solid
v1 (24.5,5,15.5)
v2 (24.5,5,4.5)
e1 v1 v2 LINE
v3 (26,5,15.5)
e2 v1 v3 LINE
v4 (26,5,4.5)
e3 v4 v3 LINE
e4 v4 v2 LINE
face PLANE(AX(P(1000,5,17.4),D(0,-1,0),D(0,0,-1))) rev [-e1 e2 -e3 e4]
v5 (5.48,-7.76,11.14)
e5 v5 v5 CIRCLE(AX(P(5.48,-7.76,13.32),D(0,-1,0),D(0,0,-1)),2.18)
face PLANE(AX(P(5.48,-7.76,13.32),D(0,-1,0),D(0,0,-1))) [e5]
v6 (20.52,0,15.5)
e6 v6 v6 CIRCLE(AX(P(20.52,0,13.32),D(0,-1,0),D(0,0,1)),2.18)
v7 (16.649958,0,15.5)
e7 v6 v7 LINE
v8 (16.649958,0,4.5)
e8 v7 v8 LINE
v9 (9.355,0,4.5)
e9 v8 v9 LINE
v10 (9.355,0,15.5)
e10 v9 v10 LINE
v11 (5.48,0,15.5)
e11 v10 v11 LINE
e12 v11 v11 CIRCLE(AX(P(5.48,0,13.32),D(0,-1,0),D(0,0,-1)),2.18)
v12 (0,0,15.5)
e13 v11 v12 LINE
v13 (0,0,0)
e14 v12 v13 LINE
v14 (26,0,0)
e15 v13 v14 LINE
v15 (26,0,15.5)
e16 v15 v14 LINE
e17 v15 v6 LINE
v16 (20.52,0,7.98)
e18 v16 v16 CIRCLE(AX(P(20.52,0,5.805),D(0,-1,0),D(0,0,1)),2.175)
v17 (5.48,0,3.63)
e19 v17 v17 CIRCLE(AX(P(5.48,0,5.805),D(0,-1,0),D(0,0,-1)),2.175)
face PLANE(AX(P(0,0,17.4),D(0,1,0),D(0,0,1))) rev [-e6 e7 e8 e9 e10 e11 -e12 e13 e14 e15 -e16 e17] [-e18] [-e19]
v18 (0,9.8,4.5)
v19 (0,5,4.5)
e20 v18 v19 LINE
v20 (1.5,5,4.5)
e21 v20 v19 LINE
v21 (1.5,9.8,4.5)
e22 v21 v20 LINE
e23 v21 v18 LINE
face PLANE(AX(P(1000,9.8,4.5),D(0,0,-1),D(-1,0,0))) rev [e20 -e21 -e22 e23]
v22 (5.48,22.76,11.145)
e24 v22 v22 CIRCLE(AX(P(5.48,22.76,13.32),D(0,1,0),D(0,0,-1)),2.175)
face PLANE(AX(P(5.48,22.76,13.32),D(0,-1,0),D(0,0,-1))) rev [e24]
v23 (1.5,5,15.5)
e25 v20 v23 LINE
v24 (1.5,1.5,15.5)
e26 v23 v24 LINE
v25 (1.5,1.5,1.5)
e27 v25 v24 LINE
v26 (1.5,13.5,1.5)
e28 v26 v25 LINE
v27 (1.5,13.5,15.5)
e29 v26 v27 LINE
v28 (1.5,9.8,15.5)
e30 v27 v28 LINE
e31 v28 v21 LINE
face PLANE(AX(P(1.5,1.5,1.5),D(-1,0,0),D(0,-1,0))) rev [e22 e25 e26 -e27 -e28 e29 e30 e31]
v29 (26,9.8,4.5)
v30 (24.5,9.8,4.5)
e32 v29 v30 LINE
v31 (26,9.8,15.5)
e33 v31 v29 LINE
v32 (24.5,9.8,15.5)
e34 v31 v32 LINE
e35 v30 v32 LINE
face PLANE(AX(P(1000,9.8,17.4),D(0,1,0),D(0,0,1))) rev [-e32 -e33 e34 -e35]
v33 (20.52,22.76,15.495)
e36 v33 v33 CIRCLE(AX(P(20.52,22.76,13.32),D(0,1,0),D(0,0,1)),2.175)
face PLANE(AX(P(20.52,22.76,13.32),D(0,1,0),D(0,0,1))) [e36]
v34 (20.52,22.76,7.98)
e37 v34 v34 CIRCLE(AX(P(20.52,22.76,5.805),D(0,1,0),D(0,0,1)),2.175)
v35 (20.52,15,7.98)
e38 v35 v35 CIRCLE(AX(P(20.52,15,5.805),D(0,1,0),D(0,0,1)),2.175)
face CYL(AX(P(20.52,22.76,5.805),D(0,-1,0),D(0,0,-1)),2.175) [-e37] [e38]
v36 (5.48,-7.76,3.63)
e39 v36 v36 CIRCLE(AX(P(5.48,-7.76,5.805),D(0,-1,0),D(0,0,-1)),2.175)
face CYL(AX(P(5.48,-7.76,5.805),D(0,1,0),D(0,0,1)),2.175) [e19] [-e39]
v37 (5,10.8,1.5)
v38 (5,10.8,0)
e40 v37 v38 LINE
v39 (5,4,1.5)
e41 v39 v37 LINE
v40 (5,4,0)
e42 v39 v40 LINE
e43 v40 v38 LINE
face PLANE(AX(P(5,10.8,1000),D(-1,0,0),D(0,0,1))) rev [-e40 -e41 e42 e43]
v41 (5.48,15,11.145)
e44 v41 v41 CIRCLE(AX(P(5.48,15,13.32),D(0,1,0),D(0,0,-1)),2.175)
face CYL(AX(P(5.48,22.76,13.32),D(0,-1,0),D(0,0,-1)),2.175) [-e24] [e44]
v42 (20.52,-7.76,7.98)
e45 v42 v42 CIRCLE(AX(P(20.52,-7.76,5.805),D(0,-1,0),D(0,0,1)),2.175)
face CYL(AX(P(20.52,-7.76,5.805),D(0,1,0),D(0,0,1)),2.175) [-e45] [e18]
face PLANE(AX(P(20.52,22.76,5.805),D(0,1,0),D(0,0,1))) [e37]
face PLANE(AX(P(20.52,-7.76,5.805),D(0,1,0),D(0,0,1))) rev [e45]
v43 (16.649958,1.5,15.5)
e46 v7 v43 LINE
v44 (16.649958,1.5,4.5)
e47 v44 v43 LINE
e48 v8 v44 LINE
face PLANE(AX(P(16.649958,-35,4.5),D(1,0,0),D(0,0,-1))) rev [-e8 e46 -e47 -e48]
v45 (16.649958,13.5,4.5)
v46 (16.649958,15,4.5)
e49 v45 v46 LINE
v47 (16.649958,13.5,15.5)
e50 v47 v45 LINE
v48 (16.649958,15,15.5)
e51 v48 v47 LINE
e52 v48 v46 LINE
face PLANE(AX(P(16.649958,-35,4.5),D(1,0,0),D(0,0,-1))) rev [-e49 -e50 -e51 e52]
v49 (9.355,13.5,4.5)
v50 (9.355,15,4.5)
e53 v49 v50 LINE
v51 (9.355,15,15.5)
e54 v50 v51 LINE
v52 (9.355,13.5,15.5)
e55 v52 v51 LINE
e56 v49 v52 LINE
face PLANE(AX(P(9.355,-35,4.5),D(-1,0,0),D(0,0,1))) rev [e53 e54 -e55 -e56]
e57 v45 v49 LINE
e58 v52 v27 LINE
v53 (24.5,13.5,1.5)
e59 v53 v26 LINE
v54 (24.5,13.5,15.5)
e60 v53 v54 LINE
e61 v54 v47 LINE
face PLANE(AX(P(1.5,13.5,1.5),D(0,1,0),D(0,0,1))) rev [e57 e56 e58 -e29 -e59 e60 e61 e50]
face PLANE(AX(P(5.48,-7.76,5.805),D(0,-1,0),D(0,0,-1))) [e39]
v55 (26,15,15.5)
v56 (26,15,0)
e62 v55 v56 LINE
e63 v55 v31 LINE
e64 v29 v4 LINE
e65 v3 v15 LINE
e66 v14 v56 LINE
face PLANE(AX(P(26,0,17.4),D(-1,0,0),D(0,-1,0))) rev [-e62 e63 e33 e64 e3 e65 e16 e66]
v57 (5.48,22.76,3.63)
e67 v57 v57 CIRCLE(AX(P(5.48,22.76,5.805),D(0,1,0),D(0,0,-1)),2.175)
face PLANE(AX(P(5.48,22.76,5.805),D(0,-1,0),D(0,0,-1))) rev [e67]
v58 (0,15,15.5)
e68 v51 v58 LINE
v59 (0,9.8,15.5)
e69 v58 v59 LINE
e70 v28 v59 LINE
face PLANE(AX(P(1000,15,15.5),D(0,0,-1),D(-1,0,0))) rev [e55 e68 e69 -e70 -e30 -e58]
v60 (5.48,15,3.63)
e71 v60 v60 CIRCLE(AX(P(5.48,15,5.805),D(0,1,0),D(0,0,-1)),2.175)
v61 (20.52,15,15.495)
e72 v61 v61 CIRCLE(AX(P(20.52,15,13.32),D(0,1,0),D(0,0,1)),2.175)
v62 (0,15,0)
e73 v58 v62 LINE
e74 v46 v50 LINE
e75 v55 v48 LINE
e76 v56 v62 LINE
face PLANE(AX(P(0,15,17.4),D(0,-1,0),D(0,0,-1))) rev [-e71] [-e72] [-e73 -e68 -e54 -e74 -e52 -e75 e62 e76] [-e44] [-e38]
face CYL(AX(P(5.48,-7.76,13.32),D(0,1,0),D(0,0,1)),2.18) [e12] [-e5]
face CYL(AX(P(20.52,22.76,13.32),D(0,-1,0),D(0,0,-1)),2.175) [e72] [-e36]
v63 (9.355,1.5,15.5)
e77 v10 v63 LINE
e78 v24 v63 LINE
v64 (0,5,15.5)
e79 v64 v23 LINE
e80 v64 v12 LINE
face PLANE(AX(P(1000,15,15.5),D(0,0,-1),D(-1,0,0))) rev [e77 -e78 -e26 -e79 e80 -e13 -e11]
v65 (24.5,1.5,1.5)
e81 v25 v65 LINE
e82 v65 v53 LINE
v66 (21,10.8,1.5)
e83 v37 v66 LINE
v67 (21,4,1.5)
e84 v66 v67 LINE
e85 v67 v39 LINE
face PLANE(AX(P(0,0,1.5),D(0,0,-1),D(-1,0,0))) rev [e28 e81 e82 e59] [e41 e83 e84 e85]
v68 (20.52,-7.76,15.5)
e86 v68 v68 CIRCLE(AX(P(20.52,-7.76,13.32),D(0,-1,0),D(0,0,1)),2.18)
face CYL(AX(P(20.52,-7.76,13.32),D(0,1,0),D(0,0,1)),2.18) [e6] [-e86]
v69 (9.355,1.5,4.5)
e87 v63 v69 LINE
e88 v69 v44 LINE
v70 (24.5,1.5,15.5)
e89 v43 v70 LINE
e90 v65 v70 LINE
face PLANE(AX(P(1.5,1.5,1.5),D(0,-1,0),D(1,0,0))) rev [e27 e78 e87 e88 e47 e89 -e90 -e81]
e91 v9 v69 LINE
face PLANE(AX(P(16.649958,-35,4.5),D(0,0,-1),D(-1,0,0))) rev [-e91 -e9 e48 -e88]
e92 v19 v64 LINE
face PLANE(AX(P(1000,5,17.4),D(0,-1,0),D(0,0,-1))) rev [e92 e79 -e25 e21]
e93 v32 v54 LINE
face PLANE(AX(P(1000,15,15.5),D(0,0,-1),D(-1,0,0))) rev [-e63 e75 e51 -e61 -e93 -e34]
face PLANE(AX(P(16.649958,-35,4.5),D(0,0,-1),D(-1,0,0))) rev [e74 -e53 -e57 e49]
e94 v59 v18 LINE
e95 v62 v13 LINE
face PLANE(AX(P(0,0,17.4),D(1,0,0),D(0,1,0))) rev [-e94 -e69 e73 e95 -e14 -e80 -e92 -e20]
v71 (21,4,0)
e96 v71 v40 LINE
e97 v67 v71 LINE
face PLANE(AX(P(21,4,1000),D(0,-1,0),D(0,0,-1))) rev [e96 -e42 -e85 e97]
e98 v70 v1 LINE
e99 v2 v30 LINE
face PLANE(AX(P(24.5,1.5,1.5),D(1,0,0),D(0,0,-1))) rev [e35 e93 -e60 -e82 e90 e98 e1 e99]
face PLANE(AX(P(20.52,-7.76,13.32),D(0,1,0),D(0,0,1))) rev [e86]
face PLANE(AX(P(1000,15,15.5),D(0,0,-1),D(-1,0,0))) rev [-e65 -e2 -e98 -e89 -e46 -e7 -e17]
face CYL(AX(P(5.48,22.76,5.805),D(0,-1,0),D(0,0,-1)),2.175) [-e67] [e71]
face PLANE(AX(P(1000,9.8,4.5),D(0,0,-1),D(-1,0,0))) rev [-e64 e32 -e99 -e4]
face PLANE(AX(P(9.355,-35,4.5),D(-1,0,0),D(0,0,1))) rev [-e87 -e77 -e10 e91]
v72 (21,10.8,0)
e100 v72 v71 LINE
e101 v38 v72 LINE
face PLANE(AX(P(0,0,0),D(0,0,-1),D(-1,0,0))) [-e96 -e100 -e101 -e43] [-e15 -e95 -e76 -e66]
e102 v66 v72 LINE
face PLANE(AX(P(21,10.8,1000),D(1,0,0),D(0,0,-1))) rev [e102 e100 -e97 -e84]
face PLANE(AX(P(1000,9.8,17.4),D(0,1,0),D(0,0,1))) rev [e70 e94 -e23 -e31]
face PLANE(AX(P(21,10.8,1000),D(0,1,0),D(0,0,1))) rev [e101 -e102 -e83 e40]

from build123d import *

# Parameters (mm, degrees)
SKETCH1_W           = 26
SKETCH1_H           = 15
BOSS_EXTRUDE1_DEPTH = 17.4
SKETCH3_W           = 23
SKETCH3_H           = 12
CUT_EXTRUDE1_DEPTH  = 15.9
SKETCH5_W           = 12
SKETCH5_H           = 12.9
CUT_EXTRUDE2_DEPTH  = 15.9
SKETCH8_W           = 12.9
SKETCH8_H           = 4.8
CUT_EXTRUDE4_DEPTH  = 1000
SKETCH9_W           = 16
SKETCH9_H           = 6.8
CUT_EXTRUDE5_DEPTH  = 1000
SKETCH10_W          = 1.9
SKETCH10_H          = 15
CUT_EXTRUDE6_DEPTH  = 1000
SKETCH11_R          = 2.175
BOSS_EXTRUDE2_DEPTH = 7.76
BOSS_EXTRUDE3_START = 7.76
SKETCH12_R          = 2.175
SKETCH12_R_2        = 2.18
BOSS_EXTRUDE3_DEPTH = 7.76
SKETCH13_W          = 12
SKETCH13_H          = 11
BOSS_EXTRUDE5_DEPTH = 1.5
SKETCH14_W          = 12
SKETCH14_H          = 11
BOSS_EXTRUDE6_DEPTH = 1.5
SKETCH17_W          = 7.294957973
SKETCH17_H          = 11
CUT_EXTRUDE7_DEPTH  = 50


with BuildPart() as part:
    # Sketch1 → Boss-Extrude1 (new body)
    with BuildSketch(Plane.XY):
        with Locations((13, 7.5)):
            Rectangle(SKETCH1_W, SKETCH1_H)
    extrude(amount=BOSS_EXTRUDE1_DEPTH)

    # Sketch3 → Cut-Extrude1 (cut)
    with BuildSketch(Plane.XY.offset(17.4)):
        with Locations((13, 7.5)):
            Rectangle(SKETCH3_W, SKETCH3_H)
    extrude(amount=-CUT_EXTRUDE1_DEPTH, mode=Mode.SUBTRACT)

    # Sketch5 → Cut-Extrude2 (cut)
    with BuildSketch(Plane.XZ):
        with Locations((13, 10.95)):
            Rectangle(SKETCH5_W, SKETCH5_H)
    extrude(amount=-CUT_EXTRUDE2_DEPTH, mode=Mode.SUBTRACT)

    # Sketch8 → Cut-Extrude4 (cut)
    with BuildSketch(Plane.ZY):
        with Locations((10.95, 7.4)):
            Rectangle(SKETCH8_W, SKETCH8_H)
    extrude(amount=-CUT_EXTRUDE4_DEPTH, mode=Mode.SUBTRACT)

    # Sketch9 → Cut-Extrude5 (cut)
    with BuildSketch(Plane(origin=(0, 0, 0), x_dir=(-1, 0, 0), z_dir=(0, 0, -1))):
        with Locations((-13, 7.4)):
            Rectangle(SKETCH9_W, SKETCH9_H)
    extrude(amount=-CUT_EXTRUDE5_DEPTH, mode=Mode.SUBTRACT)

    # Sketch10 → Cut-Extrude6 (cut)
    with BuildSketch(Plane.ZY):
        with Locations((16.45, 7.5)):
            Rectangle(SKETCH10_W, SKETCH10_H)
    extrude(amount=-CUT_EXTRUDE6_DEPTH, mode=Mode.SUBTRACT)

    # Sketch11 → Boss-Extrude2 (add)
    with BuildSketch(Plane(origin=(0, 15, 0), x_dir=(1, 0, 0), z_dir=(0, 1, 0))):
        with Locations(Location((20.52, -5.805, 0), (0, 0, 143.130102354))):
            Circle(SKETCH11_R)
        with Locations(Location((20.52, -13.32, 0), (0, 0, 134.33485804))):
            Circle(SKETCH11_R)
        with Locations(Location((5.48, -5.805, 0), (0, 0, 90))):
            Circle(SKETCH11_R)
        with Locations(Location((5.48, -13.32, 0), (0, 0, 90))):
            Circle(SKETCH11_R)
    extrude(amount=BOSS_EXTRUDE2_DEPTH)

    # Sketch12 → Boss-Extrude3 (add)
    with BuildSketch(Plane(origin=(0, 0, 0), x_dir=(-1, 0, 0), z_dir=(0, -1, 0)).offset(BOSS_EXTRUDE3_START)):
        with Locations(Location((-5.48, -5.805, 0), (0, 0, 90))):
            Circle(SKETCH12_R)
        with Locations(Location((-5.48, -13.32, 0), (0, 0, 270))):
            Circle(SKETCH12_R_2)
        with Locations(Location((-20.52, -5.805, 0), (0, 0, 36.869897646))):
            Circle(SKETCH12_R)
        with Locations(Location((-20.52, -13.32, 0), (0, 0, 270))):
            Circle(SKETCH12_R_2)
    extrude(amount=-BOSS_EXTRUDE3_DEPTH)

    # Sketch13 → Boss-Extrude5 (add)
    with BuildSketch(Plane(origin=(0, 15, 0), x_dir=(1, 0, 0), z_dir=(0, 1, 0))):
        with Locations((13, -10)):
            Rectangle(SKETCH13_W, SKETCH13_H)
    extrude(amount=-BOSS_EXTRUDE5_DEPTH)

    # Sketch14 → Boss-Extrude6 (add)
    with BuildSketch(Plane(origin=(0, 0, 0), x_dir=(-1, 0, 0), z_dir=(0, -1, 0))):
        with Locations((-13, -10)):
            Rectangle(SKETCH14_W, SKETCH14_H)
    extrude(amount=-BOSS_EXTRUDE6_DEPTH)

    # Sketch17 → Cut-Extrude7 (cut)
    with BuildSketch(Plane(origin=(0, 15, 0), x_dir=(1, 0, 0), z_dir=(0, 1, 0))):
        with Locations((13.002478986, -10)):
            Rectangle(SKETCH17_W, SKETCH17_H)
    extrude(amount=-CUT_EXTRUDE7_DEPTH, mode=Mode.SUBTRACT)


solid = part.part
